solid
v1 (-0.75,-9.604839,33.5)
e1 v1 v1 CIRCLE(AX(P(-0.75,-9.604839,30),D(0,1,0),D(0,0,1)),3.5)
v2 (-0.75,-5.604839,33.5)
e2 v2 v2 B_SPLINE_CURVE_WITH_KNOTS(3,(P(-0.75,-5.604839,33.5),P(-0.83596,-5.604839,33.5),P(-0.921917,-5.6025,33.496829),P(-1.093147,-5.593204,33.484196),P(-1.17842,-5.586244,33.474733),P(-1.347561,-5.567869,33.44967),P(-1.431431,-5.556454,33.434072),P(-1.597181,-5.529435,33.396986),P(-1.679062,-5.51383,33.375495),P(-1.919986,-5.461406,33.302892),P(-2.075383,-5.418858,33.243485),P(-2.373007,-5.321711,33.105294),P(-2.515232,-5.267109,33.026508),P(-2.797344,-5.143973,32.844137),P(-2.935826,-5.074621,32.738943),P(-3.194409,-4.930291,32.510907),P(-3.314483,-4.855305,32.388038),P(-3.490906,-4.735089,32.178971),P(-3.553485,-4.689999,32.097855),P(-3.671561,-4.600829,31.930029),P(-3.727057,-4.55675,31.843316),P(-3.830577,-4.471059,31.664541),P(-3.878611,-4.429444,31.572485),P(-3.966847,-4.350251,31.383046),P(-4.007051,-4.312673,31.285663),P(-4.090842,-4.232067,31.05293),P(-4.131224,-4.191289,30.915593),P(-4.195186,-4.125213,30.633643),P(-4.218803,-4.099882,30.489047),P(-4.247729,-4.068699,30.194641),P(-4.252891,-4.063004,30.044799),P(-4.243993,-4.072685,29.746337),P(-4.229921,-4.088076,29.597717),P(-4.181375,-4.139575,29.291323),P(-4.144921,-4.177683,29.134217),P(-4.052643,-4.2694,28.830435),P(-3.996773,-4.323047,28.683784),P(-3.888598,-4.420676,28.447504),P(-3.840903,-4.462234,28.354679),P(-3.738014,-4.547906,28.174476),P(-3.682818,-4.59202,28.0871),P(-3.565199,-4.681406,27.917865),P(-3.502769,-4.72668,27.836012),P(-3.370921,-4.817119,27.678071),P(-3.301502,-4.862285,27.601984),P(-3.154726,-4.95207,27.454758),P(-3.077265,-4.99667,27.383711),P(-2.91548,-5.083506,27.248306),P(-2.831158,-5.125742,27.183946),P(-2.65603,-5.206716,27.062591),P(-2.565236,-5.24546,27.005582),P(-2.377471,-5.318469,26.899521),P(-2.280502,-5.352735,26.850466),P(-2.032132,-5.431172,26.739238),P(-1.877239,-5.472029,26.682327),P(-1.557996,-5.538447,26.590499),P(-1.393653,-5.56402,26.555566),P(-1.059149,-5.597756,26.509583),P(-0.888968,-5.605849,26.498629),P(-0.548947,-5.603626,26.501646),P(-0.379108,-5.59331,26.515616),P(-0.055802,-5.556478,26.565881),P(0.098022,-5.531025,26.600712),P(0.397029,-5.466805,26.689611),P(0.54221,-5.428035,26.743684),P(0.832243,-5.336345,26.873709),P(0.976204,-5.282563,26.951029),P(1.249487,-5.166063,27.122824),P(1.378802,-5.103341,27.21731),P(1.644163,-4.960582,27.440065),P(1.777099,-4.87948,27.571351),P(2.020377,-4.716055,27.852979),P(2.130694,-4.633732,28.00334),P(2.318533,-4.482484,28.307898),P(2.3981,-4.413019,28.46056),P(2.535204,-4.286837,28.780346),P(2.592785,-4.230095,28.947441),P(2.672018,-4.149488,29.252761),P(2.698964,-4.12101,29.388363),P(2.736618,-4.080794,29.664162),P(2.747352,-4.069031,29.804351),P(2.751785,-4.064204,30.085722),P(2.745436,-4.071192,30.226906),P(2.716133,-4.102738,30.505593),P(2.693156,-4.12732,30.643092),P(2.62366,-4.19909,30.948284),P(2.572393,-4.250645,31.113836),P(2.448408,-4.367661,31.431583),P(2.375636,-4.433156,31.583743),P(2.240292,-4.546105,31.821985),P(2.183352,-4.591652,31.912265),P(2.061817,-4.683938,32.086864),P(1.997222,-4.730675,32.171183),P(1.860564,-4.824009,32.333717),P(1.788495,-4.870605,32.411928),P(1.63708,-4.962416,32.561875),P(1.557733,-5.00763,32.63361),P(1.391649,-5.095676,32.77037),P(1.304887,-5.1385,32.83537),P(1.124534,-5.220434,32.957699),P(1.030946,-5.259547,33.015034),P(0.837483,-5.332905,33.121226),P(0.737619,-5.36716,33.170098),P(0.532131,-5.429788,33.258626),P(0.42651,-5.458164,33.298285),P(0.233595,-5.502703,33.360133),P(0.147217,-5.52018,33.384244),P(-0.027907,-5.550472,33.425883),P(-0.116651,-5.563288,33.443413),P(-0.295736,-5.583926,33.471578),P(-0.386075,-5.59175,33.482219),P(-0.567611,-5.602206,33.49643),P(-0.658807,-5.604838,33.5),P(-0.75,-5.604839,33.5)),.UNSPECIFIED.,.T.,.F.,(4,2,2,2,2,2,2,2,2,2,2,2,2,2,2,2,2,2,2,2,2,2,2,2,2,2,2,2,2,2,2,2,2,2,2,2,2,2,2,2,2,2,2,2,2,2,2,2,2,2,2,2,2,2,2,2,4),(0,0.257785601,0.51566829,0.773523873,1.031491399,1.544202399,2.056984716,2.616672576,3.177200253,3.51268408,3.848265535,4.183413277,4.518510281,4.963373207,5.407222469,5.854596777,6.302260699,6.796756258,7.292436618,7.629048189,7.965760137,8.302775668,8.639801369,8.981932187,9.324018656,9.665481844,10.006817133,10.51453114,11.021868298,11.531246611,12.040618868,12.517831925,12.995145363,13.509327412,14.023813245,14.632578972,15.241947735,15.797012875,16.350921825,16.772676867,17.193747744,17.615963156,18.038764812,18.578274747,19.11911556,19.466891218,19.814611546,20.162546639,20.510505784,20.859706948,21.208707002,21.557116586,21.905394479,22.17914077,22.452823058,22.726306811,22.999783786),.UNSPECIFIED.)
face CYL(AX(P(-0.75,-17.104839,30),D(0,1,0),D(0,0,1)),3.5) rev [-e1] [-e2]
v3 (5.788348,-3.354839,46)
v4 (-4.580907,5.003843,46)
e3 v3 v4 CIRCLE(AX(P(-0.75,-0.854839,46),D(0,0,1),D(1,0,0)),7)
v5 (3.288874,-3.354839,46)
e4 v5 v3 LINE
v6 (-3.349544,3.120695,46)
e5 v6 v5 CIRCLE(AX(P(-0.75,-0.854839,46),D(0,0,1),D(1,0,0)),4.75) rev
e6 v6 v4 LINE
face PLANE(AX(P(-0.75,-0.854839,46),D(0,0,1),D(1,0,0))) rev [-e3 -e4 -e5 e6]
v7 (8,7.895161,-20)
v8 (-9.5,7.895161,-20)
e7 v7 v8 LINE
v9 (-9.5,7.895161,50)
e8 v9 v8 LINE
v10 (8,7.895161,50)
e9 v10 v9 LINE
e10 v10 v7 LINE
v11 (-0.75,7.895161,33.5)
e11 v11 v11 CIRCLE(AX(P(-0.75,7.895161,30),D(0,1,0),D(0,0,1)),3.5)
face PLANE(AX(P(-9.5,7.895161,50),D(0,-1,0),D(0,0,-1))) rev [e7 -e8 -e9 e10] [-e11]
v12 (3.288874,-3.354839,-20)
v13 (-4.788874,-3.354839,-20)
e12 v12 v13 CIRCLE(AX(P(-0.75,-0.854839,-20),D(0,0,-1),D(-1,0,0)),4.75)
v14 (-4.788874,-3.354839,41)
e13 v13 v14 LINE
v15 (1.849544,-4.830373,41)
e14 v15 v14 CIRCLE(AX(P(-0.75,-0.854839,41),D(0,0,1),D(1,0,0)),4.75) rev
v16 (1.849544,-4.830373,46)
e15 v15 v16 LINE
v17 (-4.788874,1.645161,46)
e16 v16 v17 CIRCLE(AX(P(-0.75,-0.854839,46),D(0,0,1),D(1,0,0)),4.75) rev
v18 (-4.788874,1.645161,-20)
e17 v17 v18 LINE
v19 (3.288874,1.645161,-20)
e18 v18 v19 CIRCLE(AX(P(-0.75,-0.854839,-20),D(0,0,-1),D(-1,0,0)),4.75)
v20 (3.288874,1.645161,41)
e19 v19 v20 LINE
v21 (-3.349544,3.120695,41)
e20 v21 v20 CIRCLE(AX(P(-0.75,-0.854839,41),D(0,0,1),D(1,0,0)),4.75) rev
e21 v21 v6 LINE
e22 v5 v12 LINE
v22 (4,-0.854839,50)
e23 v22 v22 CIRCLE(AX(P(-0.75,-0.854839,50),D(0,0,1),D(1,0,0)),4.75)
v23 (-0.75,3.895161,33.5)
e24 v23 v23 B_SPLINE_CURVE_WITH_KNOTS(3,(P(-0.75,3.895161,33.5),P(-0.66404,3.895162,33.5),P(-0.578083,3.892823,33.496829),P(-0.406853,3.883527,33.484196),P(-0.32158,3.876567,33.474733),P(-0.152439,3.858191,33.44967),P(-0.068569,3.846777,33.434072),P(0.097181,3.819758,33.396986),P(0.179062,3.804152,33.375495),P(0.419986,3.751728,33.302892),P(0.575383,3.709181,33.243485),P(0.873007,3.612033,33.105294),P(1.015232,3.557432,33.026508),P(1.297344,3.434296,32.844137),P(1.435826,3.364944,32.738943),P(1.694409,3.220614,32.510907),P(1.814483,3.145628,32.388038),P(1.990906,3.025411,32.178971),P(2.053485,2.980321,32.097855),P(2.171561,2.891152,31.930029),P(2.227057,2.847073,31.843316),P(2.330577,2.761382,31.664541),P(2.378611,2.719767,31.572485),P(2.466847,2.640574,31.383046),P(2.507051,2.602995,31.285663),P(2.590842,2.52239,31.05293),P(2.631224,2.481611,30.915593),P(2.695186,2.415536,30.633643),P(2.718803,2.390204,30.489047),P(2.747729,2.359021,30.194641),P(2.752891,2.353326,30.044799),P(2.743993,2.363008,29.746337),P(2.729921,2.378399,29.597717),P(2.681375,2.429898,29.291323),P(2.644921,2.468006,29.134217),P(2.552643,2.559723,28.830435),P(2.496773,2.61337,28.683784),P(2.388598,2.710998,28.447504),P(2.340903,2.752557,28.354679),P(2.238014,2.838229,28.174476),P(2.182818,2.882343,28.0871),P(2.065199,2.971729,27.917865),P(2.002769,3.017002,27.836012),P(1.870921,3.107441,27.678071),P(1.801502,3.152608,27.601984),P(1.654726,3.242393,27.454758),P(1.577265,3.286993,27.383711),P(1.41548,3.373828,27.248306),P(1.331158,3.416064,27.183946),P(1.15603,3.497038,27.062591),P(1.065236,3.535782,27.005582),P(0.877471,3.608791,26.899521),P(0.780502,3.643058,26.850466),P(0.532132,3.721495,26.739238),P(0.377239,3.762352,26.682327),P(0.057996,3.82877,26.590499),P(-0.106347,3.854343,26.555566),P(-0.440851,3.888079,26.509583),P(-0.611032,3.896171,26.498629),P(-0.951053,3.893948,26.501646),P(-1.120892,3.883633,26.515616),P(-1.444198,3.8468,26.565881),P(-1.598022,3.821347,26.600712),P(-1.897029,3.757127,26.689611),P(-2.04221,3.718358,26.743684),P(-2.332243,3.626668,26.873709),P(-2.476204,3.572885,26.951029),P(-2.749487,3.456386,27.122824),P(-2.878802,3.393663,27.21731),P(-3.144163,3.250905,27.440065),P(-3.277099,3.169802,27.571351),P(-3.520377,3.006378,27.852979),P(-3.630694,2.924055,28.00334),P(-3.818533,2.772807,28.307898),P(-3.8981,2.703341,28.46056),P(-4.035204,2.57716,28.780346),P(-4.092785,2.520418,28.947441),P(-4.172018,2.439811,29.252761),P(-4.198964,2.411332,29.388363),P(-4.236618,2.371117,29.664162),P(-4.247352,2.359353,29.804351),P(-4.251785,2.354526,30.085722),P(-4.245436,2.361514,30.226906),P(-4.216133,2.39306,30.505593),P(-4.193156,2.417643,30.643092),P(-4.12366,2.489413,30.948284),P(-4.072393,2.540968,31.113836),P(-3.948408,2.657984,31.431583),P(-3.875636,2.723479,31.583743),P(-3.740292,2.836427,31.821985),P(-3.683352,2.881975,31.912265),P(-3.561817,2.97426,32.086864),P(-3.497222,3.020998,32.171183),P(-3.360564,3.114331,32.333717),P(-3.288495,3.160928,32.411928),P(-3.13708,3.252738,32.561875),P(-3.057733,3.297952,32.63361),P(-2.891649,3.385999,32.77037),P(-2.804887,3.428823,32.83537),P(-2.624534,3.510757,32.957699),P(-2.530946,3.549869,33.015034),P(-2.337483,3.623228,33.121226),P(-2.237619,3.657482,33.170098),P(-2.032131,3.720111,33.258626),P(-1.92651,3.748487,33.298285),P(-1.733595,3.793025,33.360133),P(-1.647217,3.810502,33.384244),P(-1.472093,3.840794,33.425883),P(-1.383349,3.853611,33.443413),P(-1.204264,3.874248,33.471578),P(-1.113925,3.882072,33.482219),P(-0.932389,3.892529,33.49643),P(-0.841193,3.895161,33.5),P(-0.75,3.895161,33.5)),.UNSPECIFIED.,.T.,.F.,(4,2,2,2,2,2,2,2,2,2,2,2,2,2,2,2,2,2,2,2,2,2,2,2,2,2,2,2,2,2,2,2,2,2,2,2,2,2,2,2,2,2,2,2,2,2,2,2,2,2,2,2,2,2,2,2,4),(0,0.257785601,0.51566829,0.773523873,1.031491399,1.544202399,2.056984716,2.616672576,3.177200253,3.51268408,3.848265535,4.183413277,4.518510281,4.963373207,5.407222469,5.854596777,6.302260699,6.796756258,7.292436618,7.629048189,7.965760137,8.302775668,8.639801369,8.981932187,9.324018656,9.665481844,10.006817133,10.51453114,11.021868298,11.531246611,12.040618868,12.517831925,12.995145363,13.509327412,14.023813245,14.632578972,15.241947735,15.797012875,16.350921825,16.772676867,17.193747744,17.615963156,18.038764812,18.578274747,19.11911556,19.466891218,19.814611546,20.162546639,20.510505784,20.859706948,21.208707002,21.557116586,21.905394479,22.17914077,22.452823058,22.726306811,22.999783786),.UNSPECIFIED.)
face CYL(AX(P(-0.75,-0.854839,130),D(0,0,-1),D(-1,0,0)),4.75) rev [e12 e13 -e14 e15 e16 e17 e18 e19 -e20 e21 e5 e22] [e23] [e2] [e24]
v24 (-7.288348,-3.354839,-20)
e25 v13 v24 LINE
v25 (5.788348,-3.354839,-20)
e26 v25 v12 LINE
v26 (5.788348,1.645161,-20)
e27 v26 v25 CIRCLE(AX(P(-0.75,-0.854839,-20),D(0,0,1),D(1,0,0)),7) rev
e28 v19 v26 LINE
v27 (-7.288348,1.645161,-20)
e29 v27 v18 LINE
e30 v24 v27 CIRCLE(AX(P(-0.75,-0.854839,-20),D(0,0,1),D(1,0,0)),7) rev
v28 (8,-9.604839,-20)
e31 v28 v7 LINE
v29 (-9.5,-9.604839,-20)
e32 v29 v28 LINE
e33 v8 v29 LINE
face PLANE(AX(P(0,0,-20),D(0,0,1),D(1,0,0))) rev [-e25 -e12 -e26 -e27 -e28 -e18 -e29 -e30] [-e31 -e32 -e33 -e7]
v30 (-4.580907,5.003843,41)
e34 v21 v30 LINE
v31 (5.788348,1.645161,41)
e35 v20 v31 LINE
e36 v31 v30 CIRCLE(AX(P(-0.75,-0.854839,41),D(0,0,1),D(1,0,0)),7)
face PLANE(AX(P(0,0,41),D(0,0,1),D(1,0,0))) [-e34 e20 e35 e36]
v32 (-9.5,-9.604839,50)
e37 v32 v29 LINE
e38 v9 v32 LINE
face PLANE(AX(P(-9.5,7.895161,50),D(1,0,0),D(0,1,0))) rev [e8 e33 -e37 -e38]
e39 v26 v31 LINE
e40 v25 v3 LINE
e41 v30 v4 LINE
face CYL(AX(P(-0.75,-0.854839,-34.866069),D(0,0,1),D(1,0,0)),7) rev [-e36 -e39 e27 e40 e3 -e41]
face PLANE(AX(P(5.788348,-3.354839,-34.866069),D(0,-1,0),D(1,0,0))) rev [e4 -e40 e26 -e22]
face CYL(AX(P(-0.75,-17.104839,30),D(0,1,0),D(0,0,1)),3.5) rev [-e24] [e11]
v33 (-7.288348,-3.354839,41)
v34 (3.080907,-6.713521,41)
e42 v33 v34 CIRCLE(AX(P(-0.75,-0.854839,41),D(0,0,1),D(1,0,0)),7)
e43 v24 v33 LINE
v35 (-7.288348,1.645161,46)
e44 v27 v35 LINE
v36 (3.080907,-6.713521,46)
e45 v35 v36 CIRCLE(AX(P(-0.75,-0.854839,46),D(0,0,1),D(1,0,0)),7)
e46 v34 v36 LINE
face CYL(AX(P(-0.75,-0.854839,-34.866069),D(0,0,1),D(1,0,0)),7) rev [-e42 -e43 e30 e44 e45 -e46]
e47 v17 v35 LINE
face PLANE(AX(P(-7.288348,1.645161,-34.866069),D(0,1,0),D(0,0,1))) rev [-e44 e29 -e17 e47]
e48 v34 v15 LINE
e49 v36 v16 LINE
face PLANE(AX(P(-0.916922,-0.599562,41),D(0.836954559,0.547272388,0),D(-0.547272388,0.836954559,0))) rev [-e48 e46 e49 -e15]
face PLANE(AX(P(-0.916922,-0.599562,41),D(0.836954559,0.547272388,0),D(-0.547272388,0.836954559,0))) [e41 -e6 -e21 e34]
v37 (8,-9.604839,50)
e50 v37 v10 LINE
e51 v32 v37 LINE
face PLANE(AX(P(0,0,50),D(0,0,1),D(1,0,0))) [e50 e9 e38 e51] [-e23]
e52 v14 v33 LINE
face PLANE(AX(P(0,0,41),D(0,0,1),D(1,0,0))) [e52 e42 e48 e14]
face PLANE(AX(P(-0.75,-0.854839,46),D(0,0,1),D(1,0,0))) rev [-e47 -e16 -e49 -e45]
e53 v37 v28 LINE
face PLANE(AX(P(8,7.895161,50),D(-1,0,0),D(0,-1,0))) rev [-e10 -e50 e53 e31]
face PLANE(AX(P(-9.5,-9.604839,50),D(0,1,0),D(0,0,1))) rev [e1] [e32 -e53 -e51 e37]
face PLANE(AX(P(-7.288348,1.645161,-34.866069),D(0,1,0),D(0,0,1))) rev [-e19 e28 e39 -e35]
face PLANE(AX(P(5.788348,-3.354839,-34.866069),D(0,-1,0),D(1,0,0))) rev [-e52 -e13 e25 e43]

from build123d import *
from build123d.topology import SkipClean

# Parameters (mm, degrees)
BOSS_EXTRUDE1_START = -20
SKETCH1_W           = 17.5
SKETCH1_H           = 17.5
BOSS_EXTRUDE1_DEPTH = 70
SKETCH2_R           = 4.75
CUT_EXTRUDE1_DEPTH  = 150
SKETCH3_R           = 3.5
CUT_EXTRUDE6_DEPTH  = 25
CUT_EXTRUDE9_START  = -4
CUT_EXTRUDE9_DEPTH  = 66
CUT_EXTRUDE13_START = -4
CUT_EXTRUDE13_DEPTH = 5


with BuildPart() as part:
    # Sketch1 → Boss-Extrude1 (new body)
    with BuildSketch(Plane.XY.offset(BOSS_EXTRUDE1_START)):
        with Locations((-0.75, -0.85483871)):
            Rectangle(SKETCH1_W, SKETCH1_H)
    extrude(amount=BOSS_EXTRUDE1_DEPTH)

    # Sketch2 → Cut-Extrude1 (cut)
    with BuildSketch(Plane(origin=(0, 0, -20), x_dir=(-1, 0, 0), z_dir=(0, 0, -1))):
        with Locations((0.75, -0.85483871)):
            Circle(SKETCH2_R)
    extrude(amount=-CUT_EXTRUDE1_DEPTH, mode=Mode.SUBTRACT)

    # Sketch3 → Cut-Extrude6 (cut)
    with BuildSketch(Plane(origin=(0, 7.89516129, 0), x_dir=(1, 0, 0), z_dir=(0, 1, 0))):
        with Locations(Location((-0.75, -30, 0), (0, 0, 270))):
            Circle(SKETCH3_R)
    extrude(amount=-CUT_EXTRUDE6_DEPTH, mode=Mode.SUBTRACT)

    # Sketch6 → Cut-Extrude9 (cut)
    with BuildSketch(Plane.XY.offset(50).offset(CUT_EXTRUDE9_START)):
        with BuildLine():
            Line((-7.288348415, 1.64516129), (5.788348415, 1.64516129))
            ThreePointArc((5.788348415, 1.64516129), (6.25, -0.85483871), (5.788348415, -3.35483871))
            Line((5.788348415, -3.35483871), (-7.288348415, -3.35483871))
            ThreePointArc((-7.288348415, -3.35483871), (-7.75, -0.85483871), (-7.288348415, 1.64516129))
        make_face()
    extrude(amount=-CUT_EXTRUDE9_DEPTH, mode=Mode.SUBTRACT)

    # Sketch4 → Cut-Extrude13 (cut)
    with SkipClean():  # the faces are left unmerged after this step: merging them gives an invalid solid
        with BuildSketch(Plane.XY.offset(50).offset(CUT_EXTRUDE13_START)):
            with BuildLine():
                ThreePointArc((1.849543844, -4.830372863), (1.468272605, -5.05504902), (1.067746304, -5.243266489))
                Line((1.067746304, -5.243266489), (1.928784027, -7.321995437))
                ThreePointArc((1.928784027, -7.321995437), (2.519033312, -7.044622325), (3.080906718, -6.71352062))
                Line((3.080906718, -6.71352062), (1.849543844, -4.830372863))
            make_face()
            with BuildLine():
                ThreePointArc((1.067746304, -5.243266489), (-3.388958607, -4.804319368), (-5.5, -0.85483871))
                Line((-5.5, -0.85483871), (-7.75, -0.85483871))
                ThreePointArc((-7.75, -0.85483871), (-4.638991631, -6.675125996), (1.928784027, -7.321995437))
                Line((1.928784027, -7.321995437), (1.067746304, -5.243266489))
            make_face()
            with BuildLine():
                ThreePointArc((-3.349543844, 3.120695443), (-2.968272605, 3.345371601), (-2.567746304, 3.53358907))
                Line((-2.567746304, 3.53358907), (-3.428784027, 5.612318018))
                ThreePointArc((-3.428784027, 5.612318018), (-4.019033312, 5.334944906), (-4.580906718, 5.0038432))
                Line((-4.580906718, 5.0038432), (-3.349543844, 3.120695443))
            make_face()
            with BuildLine():
                ThreePointArc((-2.567746304, 3.53358907), (1.888958607, 3.094641949), (4, -0.85483871))
                Line((4, -0.85483871), (6.25, -0.85483871))
                ThreePointArc((6.25, -0.85483871), (3.138991631, 4.965448576), (-3.428784027, 5.612318018))
                Line((-3.428784027, 5.612318018), (-2.567746304, 3.53358907))
            make_face()
        extrude(amount=-CUT_EXTRUDE13_DEPTH, mode=Mode.SUBTRACT)


solid = part.part
